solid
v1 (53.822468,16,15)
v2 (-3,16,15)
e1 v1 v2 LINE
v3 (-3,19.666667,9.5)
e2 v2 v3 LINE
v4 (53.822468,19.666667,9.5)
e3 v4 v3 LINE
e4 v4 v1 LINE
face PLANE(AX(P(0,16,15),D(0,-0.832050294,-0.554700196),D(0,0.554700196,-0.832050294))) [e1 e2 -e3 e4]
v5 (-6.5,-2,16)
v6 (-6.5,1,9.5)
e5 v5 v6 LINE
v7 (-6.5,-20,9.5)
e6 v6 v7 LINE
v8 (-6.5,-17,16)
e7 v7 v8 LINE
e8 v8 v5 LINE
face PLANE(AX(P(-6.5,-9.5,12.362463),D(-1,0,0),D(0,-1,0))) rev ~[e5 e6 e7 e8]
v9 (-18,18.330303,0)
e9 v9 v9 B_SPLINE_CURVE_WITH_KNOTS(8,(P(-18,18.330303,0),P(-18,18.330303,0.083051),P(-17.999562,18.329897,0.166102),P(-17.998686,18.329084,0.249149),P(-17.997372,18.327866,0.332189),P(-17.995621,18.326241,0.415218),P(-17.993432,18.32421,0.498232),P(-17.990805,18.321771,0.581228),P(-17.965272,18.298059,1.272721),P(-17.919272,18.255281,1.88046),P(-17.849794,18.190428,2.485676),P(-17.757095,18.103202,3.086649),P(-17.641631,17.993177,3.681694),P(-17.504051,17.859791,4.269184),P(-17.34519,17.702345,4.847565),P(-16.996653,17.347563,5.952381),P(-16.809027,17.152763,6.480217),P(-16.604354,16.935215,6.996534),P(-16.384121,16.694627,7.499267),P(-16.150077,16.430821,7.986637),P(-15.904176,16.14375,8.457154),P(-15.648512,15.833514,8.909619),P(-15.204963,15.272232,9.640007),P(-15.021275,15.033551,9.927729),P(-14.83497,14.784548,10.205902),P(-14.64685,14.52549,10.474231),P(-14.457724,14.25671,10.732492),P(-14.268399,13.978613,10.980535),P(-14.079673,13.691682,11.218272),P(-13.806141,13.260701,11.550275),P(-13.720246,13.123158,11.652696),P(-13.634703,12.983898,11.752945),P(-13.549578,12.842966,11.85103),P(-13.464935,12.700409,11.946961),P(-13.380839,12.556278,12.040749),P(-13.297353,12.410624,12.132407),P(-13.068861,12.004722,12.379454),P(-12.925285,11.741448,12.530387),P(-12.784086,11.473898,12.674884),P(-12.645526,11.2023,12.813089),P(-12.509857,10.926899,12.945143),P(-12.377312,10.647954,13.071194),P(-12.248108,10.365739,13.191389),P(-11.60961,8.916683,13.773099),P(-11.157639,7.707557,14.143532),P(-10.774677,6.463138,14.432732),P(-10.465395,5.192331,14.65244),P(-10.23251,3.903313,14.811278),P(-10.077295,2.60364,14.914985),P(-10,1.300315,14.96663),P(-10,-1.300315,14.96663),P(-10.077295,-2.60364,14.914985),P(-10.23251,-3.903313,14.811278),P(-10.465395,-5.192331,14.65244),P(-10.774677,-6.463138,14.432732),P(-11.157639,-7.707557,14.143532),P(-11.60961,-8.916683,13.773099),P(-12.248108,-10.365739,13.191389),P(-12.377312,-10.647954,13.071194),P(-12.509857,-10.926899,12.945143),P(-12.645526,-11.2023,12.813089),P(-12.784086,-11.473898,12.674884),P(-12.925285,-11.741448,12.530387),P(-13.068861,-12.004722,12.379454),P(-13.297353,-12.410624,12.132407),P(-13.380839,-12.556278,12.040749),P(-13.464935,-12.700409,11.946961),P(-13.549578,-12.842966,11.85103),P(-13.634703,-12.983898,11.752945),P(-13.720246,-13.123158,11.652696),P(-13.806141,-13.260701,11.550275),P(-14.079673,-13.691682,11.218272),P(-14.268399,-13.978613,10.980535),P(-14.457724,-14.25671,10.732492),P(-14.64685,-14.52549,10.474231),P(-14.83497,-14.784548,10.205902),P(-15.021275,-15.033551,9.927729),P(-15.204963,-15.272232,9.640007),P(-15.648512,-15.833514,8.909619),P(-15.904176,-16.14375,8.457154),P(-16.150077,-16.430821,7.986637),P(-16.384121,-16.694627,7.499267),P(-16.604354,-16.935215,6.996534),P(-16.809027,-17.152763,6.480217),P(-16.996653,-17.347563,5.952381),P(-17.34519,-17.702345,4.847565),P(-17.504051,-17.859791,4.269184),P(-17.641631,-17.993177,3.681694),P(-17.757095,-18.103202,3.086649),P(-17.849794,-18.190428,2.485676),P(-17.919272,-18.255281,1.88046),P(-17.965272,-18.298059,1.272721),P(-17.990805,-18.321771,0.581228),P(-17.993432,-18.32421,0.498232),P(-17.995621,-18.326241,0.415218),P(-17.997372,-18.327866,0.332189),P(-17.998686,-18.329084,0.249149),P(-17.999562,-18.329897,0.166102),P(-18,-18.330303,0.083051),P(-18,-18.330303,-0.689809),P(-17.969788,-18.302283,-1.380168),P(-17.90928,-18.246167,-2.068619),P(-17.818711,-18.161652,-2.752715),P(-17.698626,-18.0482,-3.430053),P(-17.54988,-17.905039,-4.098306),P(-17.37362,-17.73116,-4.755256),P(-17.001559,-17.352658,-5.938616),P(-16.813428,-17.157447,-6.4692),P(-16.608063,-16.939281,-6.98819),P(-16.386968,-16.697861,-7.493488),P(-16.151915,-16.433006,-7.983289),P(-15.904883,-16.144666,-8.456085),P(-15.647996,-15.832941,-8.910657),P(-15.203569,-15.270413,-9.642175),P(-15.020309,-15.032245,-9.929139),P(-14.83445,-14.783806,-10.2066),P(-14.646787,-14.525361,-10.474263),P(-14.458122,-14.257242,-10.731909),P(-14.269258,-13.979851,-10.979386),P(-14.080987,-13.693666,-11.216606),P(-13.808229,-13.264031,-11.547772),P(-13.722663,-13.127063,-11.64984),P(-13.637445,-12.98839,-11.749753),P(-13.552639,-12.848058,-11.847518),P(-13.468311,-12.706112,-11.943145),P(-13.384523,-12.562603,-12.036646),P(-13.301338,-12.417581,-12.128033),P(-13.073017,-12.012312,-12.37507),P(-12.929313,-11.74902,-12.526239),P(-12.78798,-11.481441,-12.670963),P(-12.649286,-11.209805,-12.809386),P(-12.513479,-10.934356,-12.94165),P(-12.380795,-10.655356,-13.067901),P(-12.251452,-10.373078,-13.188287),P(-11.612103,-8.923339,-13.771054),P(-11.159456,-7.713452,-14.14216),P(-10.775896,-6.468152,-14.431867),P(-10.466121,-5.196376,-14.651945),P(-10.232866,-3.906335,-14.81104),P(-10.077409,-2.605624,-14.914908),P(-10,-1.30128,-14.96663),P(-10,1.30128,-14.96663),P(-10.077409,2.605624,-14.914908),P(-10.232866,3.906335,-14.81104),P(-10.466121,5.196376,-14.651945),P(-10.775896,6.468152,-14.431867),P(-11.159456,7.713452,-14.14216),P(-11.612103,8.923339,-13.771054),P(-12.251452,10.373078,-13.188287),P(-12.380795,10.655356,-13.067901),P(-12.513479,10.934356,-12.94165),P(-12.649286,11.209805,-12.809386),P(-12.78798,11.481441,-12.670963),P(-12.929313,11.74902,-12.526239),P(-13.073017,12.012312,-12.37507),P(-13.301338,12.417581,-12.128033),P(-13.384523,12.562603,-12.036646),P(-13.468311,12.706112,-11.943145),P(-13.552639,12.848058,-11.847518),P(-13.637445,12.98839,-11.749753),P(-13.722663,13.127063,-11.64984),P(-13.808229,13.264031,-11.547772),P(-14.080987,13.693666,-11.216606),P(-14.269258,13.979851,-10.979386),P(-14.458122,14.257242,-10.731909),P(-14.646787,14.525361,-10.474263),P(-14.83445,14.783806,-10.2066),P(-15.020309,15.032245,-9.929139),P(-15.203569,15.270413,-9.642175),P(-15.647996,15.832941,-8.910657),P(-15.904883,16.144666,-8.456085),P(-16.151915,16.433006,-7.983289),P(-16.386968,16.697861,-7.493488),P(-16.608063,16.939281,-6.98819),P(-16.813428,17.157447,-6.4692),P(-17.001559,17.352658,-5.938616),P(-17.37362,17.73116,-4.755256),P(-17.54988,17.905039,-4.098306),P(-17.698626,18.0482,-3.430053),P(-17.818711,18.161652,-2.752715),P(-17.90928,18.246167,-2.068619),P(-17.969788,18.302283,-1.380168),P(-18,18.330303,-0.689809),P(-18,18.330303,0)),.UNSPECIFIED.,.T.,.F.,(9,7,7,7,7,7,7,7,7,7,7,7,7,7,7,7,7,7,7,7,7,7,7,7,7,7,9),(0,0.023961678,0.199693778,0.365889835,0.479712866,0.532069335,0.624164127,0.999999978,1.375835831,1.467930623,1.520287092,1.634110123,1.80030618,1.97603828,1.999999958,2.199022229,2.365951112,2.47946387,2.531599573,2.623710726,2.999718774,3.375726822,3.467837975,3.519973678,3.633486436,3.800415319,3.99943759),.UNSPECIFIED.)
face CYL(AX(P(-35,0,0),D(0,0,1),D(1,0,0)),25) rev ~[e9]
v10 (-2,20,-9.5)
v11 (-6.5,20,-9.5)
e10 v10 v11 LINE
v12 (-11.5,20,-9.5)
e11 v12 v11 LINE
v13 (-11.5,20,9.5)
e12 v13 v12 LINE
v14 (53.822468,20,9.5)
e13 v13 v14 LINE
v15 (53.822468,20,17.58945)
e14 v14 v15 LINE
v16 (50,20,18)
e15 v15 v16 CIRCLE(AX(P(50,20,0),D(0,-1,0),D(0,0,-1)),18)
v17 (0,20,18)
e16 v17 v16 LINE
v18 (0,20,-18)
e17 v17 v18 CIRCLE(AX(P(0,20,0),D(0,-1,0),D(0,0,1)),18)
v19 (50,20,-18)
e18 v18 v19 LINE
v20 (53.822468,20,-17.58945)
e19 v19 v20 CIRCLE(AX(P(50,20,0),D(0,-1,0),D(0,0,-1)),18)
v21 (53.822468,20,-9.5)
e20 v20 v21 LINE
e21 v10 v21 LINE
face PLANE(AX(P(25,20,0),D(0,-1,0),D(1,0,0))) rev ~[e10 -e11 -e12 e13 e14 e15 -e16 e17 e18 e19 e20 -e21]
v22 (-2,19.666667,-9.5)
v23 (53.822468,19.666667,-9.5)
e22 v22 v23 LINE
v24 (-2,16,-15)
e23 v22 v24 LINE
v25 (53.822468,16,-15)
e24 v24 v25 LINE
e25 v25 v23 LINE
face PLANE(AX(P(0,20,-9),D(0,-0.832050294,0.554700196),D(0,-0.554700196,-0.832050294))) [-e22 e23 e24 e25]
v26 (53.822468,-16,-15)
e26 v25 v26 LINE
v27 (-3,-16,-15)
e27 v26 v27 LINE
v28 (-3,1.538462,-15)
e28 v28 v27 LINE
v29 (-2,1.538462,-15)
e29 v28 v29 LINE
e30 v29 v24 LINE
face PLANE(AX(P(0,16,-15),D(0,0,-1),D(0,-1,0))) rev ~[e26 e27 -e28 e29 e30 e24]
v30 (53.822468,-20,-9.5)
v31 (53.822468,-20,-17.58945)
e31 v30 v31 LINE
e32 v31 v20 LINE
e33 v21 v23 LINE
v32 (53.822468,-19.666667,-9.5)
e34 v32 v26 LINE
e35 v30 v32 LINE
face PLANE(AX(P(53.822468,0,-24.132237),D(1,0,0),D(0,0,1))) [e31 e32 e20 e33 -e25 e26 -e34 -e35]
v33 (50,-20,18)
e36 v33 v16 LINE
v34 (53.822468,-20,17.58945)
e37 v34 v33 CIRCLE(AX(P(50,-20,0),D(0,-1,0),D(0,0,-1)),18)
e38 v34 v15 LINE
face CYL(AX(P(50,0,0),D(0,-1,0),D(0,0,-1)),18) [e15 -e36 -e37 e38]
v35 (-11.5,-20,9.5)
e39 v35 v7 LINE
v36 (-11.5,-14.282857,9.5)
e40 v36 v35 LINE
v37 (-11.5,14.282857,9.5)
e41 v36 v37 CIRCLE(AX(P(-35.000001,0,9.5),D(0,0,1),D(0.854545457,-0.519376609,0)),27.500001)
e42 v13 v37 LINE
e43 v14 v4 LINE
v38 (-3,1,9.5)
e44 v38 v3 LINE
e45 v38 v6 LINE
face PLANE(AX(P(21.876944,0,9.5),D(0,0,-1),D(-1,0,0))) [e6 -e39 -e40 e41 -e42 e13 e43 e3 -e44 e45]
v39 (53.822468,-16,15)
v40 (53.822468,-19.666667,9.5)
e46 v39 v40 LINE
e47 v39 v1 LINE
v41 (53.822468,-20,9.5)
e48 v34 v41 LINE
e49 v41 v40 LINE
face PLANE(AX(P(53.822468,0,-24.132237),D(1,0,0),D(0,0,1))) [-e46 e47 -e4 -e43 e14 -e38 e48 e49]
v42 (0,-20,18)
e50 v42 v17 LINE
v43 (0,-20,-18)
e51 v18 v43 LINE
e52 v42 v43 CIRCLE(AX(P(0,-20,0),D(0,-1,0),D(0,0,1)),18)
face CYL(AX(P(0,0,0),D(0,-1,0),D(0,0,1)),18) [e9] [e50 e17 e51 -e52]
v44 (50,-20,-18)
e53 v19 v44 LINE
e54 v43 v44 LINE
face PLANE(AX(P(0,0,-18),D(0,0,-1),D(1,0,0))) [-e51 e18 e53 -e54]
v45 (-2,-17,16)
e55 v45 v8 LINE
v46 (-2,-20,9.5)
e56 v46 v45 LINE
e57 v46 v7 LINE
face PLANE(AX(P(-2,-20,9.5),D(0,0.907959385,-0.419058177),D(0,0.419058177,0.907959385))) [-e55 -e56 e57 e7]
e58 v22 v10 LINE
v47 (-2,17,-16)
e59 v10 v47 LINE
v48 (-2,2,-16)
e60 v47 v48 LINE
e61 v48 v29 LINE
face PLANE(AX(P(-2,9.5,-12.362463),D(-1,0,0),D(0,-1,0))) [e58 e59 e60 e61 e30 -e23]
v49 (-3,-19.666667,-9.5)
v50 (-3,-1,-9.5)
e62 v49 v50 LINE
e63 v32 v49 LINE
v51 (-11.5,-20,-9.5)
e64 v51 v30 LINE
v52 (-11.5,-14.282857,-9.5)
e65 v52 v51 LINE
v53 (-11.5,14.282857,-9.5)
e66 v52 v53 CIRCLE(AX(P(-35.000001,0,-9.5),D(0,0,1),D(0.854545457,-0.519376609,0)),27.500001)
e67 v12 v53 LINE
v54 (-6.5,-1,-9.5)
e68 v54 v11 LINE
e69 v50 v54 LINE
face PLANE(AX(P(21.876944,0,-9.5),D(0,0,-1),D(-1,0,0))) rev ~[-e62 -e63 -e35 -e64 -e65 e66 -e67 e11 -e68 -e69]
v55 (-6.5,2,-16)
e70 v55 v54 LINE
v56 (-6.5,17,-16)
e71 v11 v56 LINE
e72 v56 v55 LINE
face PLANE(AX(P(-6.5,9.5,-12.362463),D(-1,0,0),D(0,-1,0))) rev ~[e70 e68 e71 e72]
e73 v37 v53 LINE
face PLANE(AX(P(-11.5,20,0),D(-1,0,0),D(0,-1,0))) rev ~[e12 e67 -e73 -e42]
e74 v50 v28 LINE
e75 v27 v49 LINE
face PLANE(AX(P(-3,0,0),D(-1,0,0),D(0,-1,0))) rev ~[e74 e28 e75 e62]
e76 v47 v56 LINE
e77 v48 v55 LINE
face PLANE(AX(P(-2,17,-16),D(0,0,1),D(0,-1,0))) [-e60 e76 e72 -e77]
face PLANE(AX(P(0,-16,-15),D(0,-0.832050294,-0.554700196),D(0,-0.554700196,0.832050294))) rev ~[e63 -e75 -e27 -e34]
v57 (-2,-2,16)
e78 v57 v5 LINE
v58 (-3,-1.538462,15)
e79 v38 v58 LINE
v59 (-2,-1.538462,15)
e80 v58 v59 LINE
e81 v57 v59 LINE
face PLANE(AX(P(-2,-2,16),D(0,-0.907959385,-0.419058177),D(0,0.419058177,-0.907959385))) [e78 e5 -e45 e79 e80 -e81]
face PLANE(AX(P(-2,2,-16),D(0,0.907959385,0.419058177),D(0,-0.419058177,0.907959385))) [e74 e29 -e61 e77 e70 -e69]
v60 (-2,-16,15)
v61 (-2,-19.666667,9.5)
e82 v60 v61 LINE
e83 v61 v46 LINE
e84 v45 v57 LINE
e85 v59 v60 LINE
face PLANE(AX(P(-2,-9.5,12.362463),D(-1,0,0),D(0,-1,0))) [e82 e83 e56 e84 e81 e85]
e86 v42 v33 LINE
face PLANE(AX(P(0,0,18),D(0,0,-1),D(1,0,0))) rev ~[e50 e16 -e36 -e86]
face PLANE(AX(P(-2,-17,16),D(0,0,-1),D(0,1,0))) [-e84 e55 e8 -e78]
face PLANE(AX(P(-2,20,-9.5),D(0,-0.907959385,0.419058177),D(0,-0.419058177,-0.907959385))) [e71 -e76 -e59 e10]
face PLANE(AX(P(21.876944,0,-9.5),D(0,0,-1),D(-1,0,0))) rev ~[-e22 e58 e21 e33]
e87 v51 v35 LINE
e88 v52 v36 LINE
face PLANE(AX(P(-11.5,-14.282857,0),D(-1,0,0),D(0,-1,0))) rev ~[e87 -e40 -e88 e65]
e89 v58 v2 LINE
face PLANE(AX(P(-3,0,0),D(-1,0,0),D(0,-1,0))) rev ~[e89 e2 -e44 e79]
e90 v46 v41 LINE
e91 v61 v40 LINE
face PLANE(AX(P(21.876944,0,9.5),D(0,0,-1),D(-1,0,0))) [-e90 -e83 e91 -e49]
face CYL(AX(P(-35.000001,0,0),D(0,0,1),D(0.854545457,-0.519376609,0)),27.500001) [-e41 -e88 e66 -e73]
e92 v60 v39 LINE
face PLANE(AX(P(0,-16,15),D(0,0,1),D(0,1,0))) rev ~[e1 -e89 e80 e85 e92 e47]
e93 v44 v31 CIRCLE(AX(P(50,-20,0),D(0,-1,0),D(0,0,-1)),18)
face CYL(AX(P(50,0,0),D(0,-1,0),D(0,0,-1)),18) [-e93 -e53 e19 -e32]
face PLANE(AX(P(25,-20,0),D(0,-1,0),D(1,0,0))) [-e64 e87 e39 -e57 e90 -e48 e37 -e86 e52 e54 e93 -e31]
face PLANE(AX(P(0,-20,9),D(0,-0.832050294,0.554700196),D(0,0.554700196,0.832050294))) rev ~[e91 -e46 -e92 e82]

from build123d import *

# Parameters (mm, degrees)
PAD_DEPTH            = 20
SKETCH001_R          = 25
POCKET_DEPTH         = 18.001
POCKET_DEPTH_BACK    = -18.001
POCKET001_DEPTH      = 9.5
POCKET002_DEPTH      = 3
POCKET002_DEPTH_BACK = -55
POCKET003_DEPTH      = 4.5
SKETCH006_W          = 30.00024
SKETCH006_H          = 49.987866
POCKET004_DEPTH      = 20.001
POCKET004_DEPTH_BACK = -20.001


with BuildPart() as part:
    # Sketch → Pad (new body, symmetric)
    with BuildSketch(Plane.XZ):
        with BuildLine():
            ThreePointArc((0, 18), (-18, 0), (0, -18))
            Line((0, -18), (50, -18))
            ThreePointArc((50, -18), (68, 0), (50, 18))
            Line((0, 18), (50, 18))
        make_face()
    extrude(amount=PAD_DEPTH, both=True)

    # Sketch001 → Pocket (cut, two sides)
    with BuildSketch(Plane.XY) as pocket_sk:
        with Locations((-35, 0)):
            Circle(SKETCH001_R)
        with Locations((85, 0)):
            Circle(SKETCH001_R)
    extrude(amount=-POCKET_DEPTH, mode=Mode.SUBTRACT)
    extrude(pocket_sk.sketch, amount=-POCKET_DEPTH_BACK, mode=Mode.SUBTRACT)

    # Sketch002 (on DatumPlane) → Pocket001 (cut, symmetric)
    with BuildSketch(Plane.XY):
        with BuildLine():
            ThreePointArc((-11.5, -14.282857), (-7.5, 0), (-11.5, 14.282857))
            Line((-11.5, 20), (-11.5, 14.282857))
            Line((-11.5, 20), (55, 20))
            Line((55, 20), (55, -20))
            Line((-11.5, -20), (55, -20))
            Line((-11.5, -14.282857), (-11.5, -20))
        make_face()
    extrude(amount=POCKET001_DEPTH, both=True, mode=Mode.SUBTRACT)

    # Sketch003 (on DatumPlane) → Pocket002 (cut, two sides)
    with BuildSketch(Plane.YZ) as pocket002_sk:
        Polygon((-20, 9), (-16, 15), (16, 15), (20, 9), (20, -9), (16, -15), (-16, -15), (-20, -9), align=None)
    extrude(amount=-POCKET002_DEPTH, mode=Mode.SUBTRACT)
    extrude(pocket002_sk.sketch, amount=-POCKET002_DEPTH_BACK, mode=Mode.SUBTRACT)

    # Sketch005 (on DatumPlane) → Pocket003 (cut)
    with BuildSketch(Plane.YZ.offset(-2)):
        Polygon((-17, 16), (-2, 16), (1, 9.5), (-20, 9.5), align=None)
        Polygon((-1, -9.5), (20, -9.5), (17, -16), (2, -16), align=None)
    extrude(amount=-POCKET003_DEPTH, mode=Mode.SUBTRACT)

    # Sketch006 → Pocket004 (cut, two sides)
    with BuildSketch(Plane.XZ) as pocket004_sk:
        with Locations((68.822588, 0.861696)):
            Rectangle(SKETCH006_W, SKETCH006_H)
    extrude(amount=-POCKET004_DEPTH, mode=Mode.SUBTRACT)
    extrude(pocket004_sk.sketch, amount=-POCKET004_DEPTH_BACK, mode=Mode.SUBTRACT)


solid = part.part
